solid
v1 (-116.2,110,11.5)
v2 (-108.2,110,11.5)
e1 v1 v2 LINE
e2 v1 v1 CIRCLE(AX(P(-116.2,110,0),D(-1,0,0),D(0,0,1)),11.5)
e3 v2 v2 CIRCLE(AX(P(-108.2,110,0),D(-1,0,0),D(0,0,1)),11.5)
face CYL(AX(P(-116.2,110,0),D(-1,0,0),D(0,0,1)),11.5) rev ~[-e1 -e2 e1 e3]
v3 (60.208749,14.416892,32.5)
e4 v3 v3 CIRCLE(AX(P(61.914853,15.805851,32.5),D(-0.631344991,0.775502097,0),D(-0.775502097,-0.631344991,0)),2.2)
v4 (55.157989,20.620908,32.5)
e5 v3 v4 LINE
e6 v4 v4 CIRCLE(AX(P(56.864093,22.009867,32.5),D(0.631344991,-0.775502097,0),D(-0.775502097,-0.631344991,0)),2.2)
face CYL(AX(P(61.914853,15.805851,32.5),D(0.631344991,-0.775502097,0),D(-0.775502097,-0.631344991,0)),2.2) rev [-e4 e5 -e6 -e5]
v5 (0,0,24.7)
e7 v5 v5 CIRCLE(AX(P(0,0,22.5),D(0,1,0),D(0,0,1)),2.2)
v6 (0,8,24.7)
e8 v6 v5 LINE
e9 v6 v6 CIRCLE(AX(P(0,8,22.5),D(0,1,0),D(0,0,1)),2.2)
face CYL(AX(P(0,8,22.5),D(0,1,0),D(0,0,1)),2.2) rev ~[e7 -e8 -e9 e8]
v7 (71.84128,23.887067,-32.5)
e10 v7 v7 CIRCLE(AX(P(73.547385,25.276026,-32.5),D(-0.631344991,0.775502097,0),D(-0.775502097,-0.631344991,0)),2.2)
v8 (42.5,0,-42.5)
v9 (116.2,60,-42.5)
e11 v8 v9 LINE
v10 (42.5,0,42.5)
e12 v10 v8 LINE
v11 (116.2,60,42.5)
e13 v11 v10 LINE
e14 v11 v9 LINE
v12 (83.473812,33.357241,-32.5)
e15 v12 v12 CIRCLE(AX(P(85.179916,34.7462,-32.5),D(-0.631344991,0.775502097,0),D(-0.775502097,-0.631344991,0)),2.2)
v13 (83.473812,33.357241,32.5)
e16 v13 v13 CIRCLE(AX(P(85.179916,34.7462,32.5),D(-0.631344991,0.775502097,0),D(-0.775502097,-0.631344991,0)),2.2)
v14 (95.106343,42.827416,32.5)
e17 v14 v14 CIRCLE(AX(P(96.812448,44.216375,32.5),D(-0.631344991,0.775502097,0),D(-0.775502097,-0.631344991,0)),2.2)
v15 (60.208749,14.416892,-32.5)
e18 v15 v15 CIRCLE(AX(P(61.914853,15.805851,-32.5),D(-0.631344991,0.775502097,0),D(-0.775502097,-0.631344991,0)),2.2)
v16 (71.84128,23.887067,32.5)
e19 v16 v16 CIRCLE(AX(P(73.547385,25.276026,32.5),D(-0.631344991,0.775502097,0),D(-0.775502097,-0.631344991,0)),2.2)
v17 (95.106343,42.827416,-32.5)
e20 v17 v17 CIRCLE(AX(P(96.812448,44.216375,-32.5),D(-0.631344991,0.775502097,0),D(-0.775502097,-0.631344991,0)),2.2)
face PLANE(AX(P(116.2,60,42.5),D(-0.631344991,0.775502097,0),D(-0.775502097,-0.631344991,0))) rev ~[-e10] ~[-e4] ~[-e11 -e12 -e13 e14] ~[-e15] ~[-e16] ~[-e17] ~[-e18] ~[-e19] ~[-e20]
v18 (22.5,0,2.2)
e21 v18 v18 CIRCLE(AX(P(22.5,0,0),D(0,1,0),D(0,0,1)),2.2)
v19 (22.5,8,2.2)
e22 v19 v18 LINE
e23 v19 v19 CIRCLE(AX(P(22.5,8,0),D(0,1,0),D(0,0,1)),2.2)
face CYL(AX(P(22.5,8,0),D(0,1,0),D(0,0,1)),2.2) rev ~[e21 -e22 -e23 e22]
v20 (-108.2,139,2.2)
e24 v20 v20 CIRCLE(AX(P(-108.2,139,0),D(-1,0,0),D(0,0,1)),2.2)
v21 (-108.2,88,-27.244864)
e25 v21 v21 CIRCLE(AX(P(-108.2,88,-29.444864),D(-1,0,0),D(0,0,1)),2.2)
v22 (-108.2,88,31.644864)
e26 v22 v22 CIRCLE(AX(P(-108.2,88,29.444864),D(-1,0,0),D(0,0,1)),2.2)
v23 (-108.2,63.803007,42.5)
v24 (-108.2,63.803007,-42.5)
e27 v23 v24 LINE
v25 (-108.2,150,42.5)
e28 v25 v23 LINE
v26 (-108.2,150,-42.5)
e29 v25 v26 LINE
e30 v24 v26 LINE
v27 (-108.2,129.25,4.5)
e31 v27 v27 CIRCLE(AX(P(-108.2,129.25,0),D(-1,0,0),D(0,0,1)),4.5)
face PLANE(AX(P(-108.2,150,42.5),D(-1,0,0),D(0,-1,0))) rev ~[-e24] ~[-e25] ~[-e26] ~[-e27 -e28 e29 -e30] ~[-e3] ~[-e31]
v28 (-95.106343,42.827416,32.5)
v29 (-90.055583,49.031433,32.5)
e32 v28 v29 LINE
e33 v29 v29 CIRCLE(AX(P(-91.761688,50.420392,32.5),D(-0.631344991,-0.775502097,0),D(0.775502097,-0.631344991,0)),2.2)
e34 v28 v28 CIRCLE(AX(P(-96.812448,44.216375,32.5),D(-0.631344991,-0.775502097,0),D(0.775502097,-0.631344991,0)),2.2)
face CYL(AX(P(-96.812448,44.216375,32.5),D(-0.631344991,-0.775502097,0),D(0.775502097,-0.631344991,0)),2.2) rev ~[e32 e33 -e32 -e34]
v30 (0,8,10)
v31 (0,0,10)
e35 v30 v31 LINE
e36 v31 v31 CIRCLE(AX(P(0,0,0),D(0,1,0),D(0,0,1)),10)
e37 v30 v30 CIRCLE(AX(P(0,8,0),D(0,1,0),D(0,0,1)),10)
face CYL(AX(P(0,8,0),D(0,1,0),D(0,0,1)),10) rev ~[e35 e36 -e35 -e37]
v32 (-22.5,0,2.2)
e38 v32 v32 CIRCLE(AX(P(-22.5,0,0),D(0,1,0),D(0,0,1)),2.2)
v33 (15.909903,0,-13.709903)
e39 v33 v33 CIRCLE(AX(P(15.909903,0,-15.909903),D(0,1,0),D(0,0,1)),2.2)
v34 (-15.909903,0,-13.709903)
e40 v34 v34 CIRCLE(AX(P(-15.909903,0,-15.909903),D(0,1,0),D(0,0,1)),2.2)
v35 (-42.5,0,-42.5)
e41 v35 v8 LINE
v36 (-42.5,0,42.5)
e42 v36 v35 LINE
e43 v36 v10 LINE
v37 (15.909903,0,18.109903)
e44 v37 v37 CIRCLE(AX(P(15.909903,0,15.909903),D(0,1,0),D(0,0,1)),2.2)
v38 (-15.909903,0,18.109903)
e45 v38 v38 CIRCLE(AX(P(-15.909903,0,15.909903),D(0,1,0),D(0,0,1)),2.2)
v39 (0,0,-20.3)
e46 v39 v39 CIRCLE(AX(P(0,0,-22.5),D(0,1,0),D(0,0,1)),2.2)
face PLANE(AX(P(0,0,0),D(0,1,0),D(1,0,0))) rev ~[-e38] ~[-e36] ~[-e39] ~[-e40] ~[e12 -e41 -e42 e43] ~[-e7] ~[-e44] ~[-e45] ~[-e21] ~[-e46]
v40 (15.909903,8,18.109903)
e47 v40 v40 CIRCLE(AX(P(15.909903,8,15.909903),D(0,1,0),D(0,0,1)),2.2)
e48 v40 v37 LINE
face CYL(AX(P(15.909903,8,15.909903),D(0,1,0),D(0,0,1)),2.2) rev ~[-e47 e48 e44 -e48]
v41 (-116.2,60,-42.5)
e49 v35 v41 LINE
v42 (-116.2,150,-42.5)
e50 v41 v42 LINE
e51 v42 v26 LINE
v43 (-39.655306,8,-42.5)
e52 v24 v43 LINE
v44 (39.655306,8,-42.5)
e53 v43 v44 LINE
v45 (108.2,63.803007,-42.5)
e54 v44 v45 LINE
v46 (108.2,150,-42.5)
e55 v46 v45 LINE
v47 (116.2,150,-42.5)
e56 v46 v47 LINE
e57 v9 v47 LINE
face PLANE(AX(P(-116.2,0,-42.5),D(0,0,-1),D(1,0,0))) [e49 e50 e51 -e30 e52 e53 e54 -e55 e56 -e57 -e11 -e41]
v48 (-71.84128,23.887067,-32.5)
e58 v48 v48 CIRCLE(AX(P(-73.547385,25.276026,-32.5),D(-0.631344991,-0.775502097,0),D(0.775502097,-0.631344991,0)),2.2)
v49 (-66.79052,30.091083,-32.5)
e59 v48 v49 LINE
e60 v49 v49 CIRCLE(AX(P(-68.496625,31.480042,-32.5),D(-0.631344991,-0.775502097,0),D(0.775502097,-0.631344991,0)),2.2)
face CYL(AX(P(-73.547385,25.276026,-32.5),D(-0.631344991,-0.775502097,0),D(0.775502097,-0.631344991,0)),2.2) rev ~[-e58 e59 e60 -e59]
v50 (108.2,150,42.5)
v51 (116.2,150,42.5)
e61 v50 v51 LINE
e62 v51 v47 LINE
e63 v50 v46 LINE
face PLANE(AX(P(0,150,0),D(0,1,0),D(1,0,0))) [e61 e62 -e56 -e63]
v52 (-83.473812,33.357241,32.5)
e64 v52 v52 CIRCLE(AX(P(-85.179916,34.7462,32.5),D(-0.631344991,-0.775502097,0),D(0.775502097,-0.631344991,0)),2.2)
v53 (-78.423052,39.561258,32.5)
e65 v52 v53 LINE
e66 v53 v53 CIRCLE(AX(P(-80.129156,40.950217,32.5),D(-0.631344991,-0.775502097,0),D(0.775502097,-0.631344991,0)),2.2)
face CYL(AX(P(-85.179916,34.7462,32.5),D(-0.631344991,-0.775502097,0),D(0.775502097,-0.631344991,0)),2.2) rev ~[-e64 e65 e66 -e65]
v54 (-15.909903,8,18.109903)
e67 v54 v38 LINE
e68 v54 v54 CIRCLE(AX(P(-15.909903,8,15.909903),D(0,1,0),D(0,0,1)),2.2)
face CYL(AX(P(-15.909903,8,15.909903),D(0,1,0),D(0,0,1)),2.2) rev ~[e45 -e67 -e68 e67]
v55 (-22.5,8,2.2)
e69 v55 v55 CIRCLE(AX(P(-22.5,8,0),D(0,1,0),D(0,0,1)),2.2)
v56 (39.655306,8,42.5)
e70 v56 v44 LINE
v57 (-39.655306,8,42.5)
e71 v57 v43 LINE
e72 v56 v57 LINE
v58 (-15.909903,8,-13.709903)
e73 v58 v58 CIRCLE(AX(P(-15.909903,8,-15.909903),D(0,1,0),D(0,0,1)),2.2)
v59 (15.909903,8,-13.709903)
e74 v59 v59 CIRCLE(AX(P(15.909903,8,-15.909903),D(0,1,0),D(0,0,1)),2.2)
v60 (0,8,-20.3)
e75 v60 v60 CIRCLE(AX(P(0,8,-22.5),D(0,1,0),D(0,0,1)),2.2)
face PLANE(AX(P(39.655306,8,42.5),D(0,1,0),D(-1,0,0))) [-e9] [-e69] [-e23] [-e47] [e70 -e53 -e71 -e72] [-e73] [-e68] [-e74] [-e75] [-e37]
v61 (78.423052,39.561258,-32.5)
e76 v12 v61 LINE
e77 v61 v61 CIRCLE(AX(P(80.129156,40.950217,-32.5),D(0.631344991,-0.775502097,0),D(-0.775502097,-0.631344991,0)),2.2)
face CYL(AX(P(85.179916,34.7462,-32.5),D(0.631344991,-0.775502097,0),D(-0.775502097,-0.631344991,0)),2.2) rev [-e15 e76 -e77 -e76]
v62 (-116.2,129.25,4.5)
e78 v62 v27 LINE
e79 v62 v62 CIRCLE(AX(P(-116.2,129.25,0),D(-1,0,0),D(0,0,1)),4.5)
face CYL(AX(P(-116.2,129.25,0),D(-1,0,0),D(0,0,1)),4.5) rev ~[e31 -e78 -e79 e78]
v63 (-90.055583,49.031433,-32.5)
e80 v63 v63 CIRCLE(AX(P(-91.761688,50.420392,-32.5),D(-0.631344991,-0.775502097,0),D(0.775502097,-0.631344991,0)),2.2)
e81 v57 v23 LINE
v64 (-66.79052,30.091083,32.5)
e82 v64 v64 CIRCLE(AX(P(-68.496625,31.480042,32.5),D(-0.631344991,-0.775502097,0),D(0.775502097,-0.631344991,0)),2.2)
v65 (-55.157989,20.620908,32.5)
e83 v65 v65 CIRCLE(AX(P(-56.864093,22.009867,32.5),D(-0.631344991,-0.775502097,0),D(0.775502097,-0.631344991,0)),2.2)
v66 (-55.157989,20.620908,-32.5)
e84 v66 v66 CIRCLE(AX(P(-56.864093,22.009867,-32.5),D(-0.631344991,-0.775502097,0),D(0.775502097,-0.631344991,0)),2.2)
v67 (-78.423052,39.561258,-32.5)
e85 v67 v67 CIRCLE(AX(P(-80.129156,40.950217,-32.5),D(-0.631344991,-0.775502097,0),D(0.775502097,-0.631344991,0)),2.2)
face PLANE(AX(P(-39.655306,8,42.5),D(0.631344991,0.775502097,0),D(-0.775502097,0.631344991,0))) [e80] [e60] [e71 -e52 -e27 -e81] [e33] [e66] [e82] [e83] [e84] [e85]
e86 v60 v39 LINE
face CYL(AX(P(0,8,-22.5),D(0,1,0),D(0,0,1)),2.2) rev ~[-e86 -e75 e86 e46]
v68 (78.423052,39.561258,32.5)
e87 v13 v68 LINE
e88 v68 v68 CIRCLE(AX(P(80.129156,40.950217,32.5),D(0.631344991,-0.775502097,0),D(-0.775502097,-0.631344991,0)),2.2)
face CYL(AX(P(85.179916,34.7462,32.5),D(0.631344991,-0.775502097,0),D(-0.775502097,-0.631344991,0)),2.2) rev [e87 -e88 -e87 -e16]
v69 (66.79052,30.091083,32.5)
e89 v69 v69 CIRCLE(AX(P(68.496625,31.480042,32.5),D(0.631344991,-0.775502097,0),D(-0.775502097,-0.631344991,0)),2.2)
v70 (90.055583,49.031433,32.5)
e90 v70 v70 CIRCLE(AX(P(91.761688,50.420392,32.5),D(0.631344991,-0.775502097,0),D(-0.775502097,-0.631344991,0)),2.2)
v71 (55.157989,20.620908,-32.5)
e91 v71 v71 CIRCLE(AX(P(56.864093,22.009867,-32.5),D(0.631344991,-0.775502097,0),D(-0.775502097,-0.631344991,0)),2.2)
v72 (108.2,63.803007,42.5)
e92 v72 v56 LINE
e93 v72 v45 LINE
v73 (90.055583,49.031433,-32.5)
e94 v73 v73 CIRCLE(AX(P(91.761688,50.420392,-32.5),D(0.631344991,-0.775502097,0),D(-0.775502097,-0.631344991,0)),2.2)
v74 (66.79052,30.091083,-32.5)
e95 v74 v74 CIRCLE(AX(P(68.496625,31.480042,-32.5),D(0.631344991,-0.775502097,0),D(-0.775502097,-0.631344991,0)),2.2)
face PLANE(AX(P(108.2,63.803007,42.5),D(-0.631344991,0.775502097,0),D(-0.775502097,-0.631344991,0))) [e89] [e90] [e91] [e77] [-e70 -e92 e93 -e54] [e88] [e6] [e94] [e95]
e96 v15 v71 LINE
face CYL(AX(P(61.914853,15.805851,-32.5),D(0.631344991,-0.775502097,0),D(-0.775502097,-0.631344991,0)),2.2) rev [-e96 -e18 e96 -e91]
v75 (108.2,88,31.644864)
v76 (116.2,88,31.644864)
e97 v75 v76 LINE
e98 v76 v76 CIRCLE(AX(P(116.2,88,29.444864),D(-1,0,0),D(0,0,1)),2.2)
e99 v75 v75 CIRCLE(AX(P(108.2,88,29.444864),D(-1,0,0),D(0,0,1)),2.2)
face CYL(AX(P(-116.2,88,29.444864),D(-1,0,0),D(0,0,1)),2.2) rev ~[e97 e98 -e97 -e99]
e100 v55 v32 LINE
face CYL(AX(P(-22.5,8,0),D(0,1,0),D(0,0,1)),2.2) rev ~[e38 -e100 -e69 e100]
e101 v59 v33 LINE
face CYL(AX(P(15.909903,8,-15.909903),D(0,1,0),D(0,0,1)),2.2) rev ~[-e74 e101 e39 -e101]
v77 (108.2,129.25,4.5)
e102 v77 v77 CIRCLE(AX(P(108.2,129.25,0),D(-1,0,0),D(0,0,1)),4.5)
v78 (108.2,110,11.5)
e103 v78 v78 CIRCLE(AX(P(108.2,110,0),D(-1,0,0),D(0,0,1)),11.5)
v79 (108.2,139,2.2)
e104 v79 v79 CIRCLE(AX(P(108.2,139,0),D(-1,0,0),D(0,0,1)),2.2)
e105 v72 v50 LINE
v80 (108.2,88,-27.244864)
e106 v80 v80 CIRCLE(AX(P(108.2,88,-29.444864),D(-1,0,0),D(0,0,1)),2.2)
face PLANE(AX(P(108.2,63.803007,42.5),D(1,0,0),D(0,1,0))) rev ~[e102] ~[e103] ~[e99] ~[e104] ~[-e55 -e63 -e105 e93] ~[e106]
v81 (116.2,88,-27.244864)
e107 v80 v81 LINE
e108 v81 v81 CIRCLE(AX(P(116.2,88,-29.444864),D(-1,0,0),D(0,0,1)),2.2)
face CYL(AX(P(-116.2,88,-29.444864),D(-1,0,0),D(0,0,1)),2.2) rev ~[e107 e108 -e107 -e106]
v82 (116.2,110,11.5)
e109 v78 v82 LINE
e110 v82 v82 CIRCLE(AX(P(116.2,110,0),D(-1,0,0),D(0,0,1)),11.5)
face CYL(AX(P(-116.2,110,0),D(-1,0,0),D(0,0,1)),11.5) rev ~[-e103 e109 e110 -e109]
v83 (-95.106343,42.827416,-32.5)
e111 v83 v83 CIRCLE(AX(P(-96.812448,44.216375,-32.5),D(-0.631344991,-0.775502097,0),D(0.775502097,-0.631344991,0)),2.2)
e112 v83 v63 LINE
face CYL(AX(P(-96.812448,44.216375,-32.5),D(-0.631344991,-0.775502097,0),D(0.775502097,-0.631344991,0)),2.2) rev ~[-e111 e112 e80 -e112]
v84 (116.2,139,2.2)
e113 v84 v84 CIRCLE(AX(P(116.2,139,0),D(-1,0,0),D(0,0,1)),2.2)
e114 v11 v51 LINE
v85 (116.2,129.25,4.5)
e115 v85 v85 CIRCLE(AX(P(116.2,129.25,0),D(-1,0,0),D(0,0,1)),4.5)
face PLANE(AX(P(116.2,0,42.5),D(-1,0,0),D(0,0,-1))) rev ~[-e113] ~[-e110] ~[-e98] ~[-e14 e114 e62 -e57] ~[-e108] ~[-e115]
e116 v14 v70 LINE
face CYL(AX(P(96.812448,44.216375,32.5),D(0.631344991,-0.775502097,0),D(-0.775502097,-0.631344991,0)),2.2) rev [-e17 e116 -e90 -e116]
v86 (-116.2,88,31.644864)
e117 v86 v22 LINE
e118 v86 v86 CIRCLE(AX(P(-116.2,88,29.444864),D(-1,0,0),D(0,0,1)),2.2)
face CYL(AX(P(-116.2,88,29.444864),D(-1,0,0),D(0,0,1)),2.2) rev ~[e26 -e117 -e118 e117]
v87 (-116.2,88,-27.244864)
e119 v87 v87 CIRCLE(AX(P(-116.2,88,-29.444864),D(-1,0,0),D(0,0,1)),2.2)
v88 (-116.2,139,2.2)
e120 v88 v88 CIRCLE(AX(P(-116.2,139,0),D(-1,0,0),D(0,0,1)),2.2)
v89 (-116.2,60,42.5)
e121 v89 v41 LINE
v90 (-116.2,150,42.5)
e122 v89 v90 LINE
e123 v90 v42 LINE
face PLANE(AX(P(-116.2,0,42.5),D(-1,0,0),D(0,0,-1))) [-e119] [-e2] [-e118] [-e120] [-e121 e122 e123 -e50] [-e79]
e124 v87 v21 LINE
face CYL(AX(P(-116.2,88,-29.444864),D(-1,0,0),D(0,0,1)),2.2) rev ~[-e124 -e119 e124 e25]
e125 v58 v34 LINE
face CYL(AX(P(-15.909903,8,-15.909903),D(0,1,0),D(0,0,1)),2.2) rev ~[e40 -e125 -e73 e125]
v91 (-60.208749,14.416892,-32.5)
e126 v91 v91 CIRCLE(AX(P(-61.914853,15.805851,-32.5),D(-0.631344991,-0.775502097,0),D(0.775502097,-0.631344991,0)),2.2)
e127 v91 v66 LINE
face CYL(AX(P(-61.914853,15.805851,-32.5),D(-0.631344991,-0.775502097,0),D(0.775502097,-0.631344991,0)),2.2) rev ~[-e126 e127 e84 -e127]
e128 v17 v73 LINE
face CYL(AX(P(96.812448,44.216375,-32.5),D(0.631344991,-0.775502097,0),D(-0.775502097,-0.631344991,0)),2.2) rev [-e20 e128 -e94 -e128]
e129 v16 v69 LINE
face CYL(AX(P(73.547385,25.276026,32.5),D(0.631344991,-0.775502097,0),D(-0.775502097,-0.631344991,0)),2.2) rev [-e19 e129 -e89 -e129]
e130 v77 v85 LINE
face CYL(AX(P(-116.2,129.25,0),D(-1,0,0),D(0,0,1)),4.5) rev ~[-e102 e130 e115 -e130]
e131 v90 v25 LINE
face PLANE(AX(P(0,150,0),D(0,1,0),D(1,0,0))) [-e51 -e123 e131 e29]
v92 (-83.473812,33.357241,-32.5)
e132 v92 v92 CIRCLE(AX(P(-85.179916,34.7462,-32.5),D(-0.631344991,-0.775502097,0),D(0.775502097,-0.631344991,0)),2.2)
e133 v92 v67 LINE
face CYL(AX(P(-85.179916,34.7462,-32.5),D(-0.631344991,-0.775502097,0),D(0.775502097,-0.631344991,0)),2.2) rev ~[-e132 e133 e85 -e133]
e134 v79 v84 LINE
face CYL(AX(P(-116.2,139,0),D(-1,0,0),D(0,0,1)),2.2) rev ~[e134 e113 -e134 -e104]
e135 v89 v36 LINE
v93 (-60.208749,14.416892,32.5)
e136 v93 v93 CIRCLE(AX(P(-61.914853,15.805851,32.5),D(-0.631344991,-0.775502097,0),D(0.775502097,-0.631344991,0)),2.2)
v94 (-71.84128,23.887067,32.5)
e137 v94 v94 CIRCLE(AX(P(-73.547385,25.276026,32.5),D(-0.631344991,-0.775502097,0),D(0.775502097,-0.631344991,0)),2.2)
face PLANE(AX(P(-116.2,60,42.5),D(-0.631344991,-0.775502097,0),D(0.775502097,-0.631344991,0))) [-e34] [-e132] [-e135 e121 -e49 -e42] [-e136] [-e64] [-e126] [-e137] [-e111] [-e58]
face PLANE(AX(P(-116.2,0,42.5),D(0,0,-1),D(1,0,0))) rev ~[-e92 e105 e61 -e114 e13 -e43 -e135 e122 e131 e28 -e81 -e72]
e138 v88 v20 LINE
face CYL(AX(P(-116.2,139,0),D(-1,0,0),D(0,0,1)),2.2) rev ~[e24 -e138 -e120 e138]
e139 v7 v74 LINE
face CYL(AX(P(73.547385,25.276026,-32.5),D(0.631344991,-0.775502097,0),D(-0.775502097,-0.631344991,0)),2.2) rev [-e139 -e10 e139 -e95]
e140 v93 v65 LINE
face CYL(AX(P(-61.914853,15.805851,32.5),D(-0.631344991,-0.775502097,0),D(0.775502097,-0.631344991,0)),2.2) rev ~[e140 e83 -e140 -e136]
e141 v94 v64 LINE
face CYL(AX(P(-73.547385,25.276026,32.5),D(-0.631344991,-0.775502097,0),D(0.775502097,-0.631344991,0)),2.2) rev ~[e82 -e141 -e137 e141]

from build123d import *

# Parameters (mm, degrees)
SKETCH1_W           = 232.4
SKETCH1_H           = 85
BOSS_EXTRUDE1_DEPTH = 150
CUT_EXTRUDE1_DEPTH  = 150
CUT_EXTRUDE2_DEPTH  = 150
SKETCH4_R           = 11.5
SKETCH4_R_2         = 2.2
SKETCH4_R_3         = 4.5
CUT_EXTRUDE3_DEPTH  = 280.849977667
SKETCH5_R           = 10
SKETCH5_R_2         = 2.2
CUT_EXTRUDE4_DEPTH  = 189.341949655
SKETCH6_R           = 2.2
CUT_EXTRUDE5_DEPTH  = 221.699143461


with BuildPart() as part:
    # Sketch1 → Boss-Extrude1 (new body)
    with BuildSketch(Plane(origin=(0, 0, 0), x_dir=(1, 0, 0), z_dir=(0, 1, 0))):
        Rectangle(SKETCH1_W, SKETCH1_H)
    extrude(amount=BOSS_EXTRUDE1_DEPTH)

    # Sketch2 → Cut-Extrude1 (cut)
    with BuildSketch(Plane.XY.offset(42.5)):
        Polygon((-116.2, 0), (-116.2, 60), (-42.5, 0), align=None)
        Polygon((116.2, 60), (42.5, 0), (116.2, 0), align=None)
    extrude(amount=-CUT_EXTRUDE1_DEPTH, mode=Mode.SUBTRACT)

    # Sketch3 → Cut-Extrude2 (cut)
    with BuildSketch(Plane.XY.offset(42.5)):
        Polygon((-108.2, 142), (-108.2, 150), (108.2, 150), (108.2, 142), (108.2, 63.803007219), (39.655306133, 8), (-39.655306133, 8), (-108.2, 63.803007219), align=None)
    extrude(amount=-CUT_EXTRUDE2_DEPTH, mode=Mode.SUBTRACT)

    # Sketch4 → Cut-Extrude3 (cut, through all)
    with BuildSketch(Plane.ZY.offset(116.2)):
        with Locations((0, 110)):
            Circle(SKETCH4_R)
        with Locations((0, 139)):
            Circle(SKETCH4_R_2)
        with Locations((0, 129.25)):
            Circle(SKETCH4_R_3)
        with Locations((29.444863729, 88)):
            Circle(SKETCH4_R_2)
        with Locations((-29.444863729, 88)):
            Circle(SKETCH4_R_2)
    extrude(amount=-CUT_EXTRUDE3_DEPTH, mode=Mode.SUBTRACT)

    # Sketch5 → Cut-Extrude4 (cut, through all)
    with BuildSketch(Plane(origin=(0, 8, 0), x_dir=(1, 0, 0), z_dir=(0, 1, 0))):
        with Locations(Location((0, 0, 0), (0, 0, 270))):
            Circle(SKETCH5_R)
        with Locations(Location((0, 22.5, 0), (0, 0, 270))):
            Circle(SKETCH5_R_2)
        with Locations(Location((15.909902577, 15.909902577, 0), (0, 0, 270))):
            Circle(SKETCH5_R_2)
        with Locations(Location((22.5, 0, 0), (0, 0, 270))):
            Circle(SKETCH5_R_2)
        with Locations(Location((15.909902577, -15.909902577, 0), (0, 0, 270))):
            Circle(SKETCH5_R_2)
        with Locations(Location((0, -22.5, 0), (0, 0, 270))):
            Circle(SKETCH5_R_2)
        with Locations(Location((-15.909902577, -15.909902577, 0), (0, 0, 270))):
            Circle(SKETCH5_R_2)
        with Locations(Location((-22.5, 0, 0), (0, 0, 270))):
            Circle(SKETCH5_R_2)
        with Locations(Location((-15.909902577, 15.909902577, 0), (0, 0, 270))):
            Circle(SKETCH5_R_2)
    extrude(amount=-CUT_EXTRUDE4_DEPTH, mode=Mode.SUBTRACT)

    # Sketch6 → Cut-Extrude5 (cut, through all)
    with BuildSketch(Plane(origin=(-16.940351141, -20.808397985, 0), x_dir=(0.7755020970674419, -0.631344990828311, 0), z_dir=(-0.631344990828311, -0.7755020970674419, 0))):
        with Locations((-102.994043129, 32.5)):
            Circle(SKETCH6_R)
        with Locations((-87.994043129, 32.5)):
            Circle(SKETCH6_R)
        with Locations((-72.994043129, 32.5)):
            Circle(SKETCH6_R)
        with Locations((-57.994043129, 32.5)):
            Circle(SKETCH6_R)
        with Locations((-57.994043129, -32.5)):
            Circle(SKETCH6_R)
        with Locations((-72.994043129, -32.5)):
            Circle(SKETCH6_R)
        with Locations((-87.994043129, -32.5)):
            Circle(SKETCH6_R)
        with Locations((-102.994043129, -32.5)):
            Circle(SKETCH6_R)
    cut_extrude5 = extrude(amount=-CUT_EXTRUDE5_DEPTH, mode=Mode.SUBTRACT)

    # Mirror1: Cut-Extrude5 across plane
    add(cut_extrude5.mirror(Plane(origin=(0, 0, 0), x_dir=(0, 0, 1), z_dir=(1, 0, 0))), mode=Mode.SUBTRACT)


solid = part.part
